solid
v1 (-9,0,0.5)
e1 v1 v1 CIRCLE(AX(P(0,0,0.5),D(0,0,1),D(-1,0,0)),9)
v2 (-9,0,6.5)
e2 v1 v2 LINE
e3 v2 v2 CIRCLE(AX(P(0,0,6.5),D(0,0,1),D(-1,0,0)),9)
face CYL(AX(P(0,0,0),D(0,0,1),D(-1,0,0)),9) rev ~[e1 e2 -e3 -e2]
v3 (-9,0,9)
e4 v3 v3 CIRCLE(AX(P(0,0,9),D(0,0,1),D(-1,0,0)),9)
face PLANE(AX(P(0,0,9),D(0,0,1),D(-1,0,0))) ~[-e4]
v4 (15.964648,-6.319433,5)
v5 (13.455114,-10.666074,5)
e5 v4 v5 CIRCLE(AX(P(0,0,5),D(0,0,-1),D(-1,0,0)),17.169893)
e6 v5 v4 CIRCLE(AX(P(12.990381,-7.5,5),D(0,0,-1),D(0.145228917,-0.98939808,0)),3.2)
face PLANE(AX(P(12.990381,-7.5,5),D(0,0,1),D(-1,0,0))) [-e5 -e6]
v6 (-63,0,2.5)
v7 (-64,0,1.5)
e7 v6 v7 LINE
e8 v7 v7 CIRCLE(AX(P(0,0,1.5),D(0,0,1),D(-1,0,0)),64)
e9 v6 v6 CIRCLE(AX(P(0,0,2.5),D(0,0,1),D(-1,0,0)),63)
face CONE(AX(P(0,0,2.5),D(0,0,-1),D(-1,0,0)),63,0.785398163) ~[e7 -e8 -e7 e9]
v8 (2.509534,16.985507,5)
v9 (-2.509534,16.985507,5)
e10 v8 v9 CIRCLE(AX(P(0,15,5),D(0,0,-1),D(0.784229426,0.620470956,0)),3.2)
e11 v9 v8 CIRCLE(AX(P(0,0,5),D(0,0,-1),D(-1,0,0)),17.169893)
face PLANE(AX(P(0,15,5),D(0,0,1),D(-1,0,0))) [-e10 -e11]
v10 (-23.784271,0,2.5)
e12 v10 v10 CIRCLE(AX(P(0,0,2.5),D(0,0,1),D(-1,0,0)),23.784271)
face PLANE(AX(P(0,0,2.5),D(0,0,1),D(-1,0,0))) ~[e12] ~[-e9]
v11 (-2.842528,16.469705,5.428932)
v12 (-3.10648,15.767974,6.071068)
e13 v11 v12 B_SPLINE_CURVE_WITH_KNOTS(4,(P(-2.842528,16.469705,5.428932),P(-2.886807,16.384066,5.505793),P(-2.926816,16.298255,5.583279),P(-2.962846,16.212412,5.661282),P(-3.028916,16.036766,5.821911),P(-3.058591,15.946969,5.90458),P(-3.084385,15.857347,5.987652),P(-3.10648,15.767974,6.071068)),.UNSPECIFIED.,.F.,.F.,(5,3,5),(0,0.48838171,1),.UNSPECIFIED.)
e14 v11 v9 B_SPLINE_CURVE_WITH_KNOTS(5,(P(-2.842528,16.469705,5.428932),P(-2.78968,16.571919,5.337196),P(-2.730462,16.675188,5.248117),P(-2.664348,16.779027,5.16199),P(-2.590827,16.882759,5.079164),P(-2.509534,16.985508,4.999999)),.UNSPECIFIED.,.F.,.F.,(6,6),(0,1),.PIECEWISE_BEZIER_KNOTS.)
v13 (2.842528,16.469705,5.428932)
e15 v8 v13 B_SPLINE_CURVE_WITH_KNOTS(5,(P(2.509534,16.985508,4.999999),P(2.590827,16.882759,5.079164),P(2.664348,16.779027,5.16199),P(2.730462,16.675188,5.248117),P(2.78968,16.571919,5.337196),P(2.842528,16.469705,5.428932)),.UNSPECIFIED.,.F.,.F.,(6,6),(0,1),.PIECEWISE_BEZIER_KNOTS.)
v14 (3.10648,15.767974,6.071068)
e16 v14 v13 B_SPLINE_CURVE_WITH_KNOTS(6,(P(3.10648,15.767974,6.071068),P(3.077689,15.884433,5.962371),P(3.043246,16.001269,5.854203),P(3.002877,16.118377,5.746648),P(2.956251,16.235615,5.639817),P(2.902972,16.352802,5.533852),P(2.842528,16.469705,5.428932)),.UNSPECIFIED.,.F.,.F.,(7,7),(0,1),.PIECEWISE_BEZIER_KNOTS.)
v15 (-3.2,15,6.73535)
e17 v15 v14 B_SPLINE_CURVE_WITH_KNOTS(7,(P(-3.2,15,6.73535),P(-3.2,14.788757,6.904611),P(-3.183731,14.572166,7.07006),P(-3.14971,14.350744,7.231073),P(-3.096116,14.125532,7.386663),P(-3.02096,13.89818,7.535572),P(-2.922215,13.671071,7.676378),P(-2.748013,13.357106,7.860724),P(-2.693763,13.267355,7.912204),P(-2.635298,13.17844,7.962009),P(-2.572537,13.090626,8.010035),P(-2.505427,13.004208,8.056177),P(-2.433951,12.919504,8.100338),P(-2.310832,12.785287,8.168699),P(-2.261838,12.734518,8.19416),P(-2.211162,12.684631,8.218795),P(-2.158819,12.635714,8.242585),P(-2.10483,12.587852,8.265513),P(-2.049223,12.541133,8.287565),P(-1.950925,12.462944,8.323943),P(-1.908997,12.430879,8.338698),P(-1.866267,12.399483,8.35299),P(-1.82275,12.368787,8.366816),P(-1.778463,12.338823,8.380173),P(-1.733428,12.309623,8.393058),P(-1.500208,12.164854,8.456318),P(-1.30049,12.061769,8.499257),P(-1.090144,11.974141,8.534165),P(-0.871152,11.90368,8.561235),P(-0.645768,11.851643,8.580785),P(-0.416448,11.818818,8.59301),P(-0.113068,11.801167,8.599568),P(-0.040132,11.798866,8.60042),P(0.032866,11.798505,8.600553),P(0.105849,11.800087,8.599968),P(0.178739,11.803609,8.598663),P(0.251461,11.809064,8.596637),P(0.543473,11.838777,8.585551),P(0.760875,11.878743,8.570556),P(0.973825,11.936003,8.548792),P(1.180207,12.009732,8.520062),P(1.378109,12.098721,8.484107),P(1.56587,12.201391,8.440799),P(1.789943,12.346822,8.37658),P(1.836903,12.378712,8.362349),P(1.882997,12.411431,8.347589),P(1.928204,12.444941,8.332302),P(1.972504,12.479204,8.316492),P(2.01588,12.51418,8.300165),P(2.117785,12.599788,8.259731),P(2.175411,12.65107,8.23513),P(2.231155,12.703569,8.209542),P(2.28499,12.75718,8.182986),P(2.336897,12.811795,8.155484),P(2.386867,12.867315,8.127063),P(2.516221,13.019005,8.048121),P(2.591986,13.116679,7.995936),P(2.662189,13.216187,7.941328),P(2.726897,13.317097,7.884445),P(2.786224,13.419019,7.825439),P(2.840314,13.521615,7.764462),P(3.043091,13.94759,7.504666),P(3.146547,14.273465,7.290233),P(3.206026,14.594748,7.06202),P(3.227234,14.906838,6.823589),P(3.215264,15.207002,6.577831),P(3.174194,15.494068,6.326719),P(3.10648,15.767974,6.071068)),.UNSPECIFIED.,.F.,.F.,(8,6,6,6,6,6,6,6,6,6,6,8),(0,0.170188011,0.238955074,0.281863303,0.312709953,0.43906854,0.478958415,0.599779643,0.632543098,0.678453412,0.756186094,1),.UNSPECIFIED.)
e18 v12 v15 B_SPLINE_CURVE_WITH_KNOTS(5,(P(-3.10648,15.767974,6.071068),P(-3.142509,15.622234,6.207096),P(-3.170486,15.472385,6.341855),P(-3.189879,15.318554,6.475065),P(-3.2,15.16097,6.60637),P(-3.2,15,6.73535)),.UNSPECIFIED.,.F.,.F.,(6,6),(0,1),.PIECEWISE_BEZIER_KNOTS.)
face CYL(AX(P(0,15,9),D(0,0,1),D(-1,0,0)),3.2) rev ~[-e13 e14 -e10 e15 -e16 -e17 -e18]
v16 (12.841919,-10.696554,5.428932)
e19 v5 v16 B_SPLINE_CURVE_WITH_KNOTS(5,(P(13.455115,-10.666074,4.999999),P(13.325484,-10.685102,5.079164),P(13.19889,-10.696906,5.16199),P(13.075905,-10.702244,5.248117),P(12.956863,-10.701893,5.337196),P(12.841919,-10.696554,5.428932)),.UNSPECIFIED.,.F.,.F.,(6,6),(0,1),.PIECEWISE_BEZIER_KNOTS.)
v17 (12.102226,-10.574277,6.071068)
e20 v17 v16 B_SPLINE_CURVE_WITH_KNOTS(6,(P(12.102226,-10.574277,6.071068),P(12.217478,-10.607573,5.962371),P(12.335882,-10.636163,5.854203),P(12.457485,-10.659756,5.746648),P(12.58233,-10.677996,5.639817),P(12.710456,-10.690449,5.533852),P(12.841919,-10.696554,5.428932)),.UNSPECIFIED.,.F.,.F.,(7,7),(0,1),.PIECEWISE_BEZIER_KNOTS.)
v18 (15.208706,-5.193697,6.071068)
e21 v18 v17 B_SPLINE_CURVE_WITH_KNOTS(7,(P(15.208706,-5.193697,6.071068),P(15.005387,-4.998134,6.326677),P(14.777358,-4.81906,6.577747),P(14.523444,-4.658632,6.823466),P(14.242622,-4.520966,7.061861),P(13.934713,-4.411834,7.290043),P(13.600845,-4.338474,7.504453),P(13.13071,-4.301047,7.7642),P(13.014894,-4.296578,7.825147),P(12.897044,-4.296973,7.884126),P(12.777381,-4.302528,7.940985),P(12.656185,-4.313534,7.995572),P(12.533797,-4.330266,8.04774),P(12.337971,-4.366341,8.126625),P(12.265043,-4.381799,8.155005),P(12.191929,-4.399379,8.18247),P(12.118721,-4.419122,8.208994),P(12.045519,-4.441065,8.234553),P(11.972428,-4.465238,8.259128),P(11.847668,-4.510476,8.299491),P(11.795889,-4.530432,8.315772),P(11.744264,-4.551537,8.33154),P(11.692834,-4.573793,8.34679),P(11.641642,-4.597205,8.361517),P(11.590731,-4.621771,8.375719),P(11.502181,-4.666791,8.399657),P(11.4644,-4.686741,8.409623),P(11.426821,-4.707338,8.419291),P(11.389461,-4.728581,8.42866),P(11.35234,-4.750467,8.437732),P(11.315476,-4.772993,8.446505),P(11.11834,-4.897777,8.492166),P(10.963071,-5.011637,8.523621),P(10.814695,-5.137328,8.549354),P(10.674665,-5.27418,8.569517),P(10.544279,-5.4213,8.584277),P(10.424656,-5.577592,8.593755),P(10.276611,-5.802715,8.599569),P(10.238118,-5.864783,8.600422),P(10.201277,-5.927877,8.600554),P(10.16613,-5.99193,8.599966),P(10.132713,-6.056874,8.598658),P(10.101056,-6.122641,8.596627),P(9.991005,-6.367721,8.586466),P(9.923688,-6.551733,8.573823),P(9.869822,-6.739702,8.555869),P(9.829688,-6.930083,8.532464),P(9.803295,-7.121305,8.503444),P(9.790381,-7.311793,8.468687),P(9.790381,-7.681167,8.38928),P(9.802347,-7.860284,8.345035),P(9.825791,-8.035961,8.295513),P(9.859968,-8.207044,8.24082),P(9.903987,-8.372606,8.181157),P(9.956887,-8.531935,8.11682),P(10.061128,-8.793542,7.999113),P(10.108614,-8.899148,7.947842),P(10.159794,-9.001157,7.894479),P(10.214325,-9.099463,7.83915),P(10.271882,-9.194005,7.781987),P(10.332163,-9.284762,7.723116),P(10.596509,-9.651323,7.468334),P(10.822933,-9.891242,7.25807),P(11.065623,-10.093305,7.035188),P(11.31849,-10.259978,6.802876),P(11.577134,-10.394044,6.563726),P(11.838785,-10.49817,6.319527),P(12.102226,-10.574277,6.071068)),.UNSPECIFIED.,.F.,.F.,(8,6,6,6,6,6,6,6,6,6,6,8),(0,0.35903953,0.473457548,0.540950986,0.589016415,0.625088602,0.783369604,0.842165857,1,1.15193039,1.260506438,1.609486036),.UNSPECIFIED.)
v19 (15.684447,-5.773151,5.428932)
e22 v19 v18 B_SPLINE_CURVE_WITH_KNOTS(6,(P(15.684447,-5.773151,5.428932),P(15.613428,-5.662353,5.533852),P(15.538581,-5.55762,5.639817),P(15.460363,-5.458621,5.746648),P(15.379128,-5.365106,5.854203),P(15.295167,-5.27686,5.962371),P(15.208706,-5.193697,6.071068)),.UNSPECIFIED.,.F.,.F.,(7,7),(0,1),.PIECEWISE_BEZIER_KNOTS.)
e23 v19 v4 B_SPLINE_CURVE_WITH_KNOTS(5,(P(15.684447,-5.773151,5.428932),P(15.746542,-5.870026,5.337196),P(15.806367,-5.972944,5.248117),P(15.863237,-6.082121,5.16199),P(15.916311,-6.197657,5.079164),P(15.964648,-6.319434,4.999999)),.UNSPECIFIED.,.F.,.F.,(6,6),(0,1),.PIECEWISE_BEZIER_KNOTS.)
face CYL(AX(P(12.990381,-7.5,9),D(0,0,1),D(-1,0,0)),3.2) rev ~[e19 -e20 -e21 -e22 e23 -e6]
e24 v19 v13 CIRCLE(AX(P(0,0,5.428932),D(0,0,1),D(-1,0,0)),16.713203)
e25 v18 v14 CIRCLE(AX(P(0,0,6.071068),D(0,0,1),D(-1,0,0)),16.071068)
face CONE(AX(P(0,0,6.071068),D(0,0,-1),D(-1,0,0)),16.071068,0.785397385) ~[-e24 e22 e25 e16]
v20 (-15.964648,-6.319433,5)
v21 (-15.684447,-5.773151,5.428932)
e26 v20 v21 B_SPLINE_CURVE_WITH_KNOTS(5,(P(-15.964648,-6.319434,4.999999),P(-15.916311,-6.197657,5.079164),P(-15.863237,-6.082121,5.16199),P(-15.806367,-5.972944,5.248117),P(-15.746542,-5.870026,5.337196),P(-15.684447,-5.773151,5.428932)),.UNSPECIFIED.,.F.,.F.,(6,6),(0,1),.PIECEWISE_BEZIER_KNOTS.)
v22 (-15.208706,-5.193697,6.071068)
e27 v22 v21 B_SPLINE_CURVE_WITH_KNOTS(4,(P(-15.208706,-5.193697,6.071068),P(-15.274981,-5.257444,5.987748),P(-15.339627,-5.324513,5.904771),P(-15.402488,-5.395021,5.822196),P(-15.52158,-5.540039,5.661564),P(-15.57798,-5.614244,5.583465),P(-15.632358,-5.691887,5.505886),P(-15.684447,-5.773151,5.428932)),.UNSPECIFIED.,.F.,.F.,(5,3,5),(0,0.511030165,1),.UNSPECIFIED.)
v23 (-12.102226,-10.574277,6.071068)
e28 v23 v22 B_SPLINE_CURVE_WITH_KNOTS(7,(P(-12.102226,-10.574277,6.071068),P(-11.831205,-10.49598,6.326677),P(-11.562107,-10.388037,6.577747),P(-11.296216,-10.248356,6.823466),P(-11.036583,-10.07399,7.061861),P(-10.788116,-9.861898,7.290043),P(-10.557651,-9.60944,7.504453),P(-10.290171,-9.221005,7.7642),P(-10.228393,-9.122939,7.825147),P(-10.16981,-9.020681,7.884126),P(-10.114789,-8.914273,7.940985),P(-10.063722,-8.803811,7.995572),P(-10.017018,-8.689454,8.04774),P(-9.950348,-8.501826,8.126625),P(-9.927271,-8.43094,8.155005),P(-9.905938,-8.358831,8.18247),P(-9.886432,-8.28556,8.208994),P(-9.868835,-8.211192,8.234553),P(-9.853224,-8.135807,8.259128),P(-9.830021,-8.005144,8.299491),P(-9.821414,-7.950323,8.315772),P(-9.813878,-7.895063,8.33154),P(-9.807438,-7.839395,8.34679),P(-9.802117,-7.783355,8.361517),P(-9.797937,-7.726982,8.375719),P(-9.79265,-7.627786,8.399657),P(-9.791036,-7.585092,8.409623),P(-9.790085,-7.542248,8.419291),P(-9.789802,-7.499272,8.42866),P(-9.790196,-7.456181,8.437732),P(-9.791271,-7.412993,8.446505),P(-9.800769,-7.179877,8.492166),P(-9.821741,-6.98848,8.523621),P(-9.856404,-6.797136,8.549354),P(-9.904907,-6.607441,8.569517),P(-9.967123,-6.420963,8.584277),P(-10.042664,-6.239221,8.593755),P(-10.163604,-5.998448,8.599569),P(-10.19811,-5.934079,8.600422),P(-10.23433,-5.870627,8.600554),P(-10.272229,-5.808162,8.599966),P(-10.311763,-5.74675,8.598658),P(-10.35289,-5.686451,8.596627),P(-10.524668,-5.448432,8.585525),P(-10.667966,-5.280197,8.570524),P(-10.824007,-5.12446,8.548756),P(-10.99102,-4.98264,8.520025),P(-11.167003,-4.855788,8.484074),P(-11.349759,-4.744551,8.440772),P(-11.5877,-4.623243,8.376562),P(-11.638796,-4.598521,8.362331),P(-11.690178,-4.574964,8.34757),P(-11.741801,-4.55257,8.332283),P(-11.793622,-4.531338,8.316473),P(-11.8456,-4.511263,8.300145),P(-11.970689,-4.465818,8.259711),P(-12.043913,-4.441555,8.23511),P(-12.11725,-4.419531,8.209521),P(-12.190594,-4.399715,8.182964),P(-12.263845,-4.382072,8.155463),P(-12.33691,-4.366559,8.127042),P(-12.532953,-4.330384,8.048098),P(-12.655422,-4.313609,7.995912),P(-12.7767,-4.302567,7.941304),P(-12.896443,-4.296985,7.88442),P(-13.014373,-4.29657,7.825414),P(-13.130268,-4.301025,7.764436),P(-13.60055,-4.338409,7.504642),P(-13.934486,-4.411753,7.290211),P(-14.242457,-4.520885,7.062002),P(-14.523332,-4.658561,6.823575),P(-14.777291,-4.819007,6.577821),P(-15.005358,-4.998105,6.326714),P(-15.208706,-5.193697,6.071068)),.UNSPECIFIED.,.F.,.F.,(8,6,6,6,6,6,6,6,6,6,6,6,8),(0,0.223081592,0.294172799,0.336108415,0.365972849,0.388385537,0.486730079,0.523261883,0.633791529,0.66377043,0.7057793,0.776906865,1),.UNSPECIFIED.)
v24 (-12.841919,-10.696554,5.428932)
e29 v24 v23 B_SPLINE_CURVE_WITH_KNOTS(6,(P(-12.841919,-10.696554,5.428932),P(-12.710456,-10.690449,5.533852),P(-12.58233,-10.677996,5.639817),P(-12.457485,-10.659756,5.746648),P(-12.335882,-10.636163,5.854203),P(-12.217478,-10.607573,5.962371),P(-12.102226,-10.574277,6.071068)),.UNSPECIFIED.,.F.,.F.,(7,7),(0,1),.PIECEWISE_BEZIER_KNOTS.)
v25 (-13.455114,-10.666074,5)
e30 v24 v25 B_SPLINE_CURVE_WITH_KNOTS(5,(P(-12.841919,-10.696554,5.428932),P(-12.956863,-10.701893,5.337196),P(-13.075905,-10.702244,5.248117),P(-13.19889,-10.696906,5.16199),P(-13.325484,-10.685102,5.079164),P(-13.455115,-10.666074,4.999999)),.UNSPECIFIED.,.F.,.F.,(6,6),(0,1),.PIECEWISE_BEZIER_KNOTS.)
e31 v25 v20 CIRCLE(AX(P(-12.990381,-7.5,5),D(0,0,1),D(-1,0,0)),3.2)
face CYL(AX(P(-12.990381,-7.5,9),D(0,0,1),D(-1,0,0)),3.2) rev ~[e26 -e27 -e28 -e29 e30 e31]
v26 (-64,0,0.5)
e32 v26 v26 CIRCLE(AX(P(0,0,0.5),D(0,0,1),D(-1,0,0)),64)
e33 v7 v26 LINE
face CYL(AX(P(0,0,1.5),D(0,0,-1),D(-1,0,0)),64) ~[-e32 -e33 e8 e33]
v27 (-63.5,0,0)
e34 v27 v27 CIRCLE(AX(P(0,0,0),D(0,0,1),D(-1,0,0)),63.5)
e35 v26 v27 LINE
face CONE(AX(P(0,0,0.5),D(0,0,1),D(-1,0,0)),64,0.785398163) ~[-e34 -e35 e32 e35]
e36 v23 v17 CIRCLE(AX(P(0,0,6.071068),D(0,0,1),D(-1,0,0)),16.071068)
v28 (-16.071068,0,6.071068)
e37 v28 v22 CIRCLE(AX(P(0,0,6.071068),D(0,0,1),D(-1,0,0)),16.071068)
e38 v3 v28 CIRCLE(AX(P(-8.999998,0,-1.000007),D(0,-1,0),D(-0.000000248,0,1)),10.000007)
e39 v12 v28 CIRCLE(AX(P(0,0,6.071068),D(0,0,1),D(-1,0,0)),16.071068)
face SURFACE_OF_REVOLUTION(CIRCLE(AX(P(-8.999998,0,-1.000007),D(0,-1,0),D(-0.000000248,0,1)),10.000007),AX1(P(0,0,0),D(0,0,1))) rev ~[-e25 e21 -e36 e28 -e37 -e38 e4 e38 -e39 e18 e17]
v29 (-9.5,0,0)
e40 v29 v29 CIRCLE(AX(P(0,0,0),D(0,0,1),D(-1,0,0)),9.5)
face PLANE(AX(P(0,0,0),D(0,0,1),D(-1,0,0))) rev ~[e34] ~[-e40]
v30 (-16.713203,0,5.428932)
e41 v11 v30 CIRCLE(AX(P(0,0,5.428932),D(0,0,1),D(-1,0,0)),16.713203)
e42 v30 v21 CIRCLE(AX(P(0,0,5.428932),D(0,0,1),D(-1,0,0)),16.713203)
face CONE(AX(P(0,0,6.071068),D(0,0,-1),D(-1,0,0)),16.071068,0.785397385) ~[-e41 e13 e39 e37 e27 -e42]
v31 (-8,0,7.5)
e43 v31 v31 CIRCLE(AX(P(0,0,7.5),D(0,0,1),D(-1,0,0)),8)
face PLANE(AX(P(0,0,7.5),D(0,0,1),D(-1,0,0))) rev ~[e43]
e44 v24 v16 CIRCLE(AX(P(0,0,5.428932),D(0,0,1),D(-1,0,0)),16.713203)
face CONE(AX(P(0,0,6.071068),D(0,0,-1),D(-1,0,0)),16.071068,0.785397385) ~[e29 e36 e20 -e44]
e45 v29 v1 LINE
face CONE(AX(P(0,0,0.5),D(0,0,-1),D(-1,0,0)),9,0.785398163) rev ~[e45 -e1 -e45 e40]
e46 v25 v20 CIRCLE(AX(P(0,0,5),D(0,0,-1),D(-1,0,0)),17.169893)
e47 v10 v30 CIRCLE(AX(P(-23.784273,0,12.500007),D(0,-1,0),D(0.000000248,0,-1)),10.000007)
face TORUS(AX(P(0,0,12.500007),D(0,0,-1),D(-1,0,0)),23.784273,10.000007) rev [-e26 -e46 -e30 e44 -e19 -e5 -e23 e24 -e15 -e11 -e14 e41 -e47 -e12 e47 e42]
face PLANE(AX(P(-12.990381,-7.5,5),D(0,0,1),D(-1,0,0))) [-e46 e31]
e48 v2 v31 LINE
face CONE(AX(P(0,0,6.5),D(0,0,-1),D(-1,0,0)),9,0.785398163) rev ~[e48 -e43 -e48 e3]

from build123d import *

# Parameters (mm, degrees)
CHAMFER_SIZE = 0.5
SKETCH001_R  = 3.2
POCKET_DEPTH = 4


with BuildPart() as part:
    # Sketch → Revolution (revolve)
    with BuildSketch(Plane.XZ):
        with BuildLine():
            Line((-63.5, 0), (-9, 0))
            Line((-9, 0), (-9, 6.5))
            Line((-9, 6.5), (-8, 7.5))
            Line((-8, 7.5), (0, 7.5))
            Line((0, 7.5), (0, 9))
            Line((0, 9), (-9, 9))
            ThreePointArc((-9, 9), (-12.826834, 8.238795), (-16.071068, 6.071068))
            Line((-16.071068, 6.071068), (-16.713203, 5.428932))
            ThreePointArc((-23.784271, 2.5), (-19.957437, 3.261205), (-16.713203, 5.428932))
            Line((-23.784271, 2.5), (-63, 2.5))
            Line((-63, 2.5), (-64, 1.5))
            Line((-64, 1.5), (-64, 0.5))
            Line((-64, 0.5), (-63.5, 0))
        make_face()
    revolve(axis=Axis((0, 0, 0), (0, 0, 1)))

    # Chamfer
    chamfer_edges = [part.edges().sort_by_distance(p)[0] for p in [
        (9, 0, 0),
    ]]
    chamfer(chamfer_edges, length=CHAMFER_SIZE)

    # Sketch001 (on Face13 of Chamfer) → Pocket (cut)
    with BuildSketch(Plane(origin=(0, 0, 9), x_dir=(-1, 0, 0), z_dir=(0, 0, 1))):
        with Locations((-12.990381, 7.5)):
            Circle(SKETCH001_R)
        with Locations((12.990381, 7.5)):
            Circle(SKETCH001_R)
        with Locations((0, -15)):
            Circle(SKETCH001_R)
    extrude(amount=-POCKET_DEPTH, mode=Mode.SUBTRACT)


solid = part.part
